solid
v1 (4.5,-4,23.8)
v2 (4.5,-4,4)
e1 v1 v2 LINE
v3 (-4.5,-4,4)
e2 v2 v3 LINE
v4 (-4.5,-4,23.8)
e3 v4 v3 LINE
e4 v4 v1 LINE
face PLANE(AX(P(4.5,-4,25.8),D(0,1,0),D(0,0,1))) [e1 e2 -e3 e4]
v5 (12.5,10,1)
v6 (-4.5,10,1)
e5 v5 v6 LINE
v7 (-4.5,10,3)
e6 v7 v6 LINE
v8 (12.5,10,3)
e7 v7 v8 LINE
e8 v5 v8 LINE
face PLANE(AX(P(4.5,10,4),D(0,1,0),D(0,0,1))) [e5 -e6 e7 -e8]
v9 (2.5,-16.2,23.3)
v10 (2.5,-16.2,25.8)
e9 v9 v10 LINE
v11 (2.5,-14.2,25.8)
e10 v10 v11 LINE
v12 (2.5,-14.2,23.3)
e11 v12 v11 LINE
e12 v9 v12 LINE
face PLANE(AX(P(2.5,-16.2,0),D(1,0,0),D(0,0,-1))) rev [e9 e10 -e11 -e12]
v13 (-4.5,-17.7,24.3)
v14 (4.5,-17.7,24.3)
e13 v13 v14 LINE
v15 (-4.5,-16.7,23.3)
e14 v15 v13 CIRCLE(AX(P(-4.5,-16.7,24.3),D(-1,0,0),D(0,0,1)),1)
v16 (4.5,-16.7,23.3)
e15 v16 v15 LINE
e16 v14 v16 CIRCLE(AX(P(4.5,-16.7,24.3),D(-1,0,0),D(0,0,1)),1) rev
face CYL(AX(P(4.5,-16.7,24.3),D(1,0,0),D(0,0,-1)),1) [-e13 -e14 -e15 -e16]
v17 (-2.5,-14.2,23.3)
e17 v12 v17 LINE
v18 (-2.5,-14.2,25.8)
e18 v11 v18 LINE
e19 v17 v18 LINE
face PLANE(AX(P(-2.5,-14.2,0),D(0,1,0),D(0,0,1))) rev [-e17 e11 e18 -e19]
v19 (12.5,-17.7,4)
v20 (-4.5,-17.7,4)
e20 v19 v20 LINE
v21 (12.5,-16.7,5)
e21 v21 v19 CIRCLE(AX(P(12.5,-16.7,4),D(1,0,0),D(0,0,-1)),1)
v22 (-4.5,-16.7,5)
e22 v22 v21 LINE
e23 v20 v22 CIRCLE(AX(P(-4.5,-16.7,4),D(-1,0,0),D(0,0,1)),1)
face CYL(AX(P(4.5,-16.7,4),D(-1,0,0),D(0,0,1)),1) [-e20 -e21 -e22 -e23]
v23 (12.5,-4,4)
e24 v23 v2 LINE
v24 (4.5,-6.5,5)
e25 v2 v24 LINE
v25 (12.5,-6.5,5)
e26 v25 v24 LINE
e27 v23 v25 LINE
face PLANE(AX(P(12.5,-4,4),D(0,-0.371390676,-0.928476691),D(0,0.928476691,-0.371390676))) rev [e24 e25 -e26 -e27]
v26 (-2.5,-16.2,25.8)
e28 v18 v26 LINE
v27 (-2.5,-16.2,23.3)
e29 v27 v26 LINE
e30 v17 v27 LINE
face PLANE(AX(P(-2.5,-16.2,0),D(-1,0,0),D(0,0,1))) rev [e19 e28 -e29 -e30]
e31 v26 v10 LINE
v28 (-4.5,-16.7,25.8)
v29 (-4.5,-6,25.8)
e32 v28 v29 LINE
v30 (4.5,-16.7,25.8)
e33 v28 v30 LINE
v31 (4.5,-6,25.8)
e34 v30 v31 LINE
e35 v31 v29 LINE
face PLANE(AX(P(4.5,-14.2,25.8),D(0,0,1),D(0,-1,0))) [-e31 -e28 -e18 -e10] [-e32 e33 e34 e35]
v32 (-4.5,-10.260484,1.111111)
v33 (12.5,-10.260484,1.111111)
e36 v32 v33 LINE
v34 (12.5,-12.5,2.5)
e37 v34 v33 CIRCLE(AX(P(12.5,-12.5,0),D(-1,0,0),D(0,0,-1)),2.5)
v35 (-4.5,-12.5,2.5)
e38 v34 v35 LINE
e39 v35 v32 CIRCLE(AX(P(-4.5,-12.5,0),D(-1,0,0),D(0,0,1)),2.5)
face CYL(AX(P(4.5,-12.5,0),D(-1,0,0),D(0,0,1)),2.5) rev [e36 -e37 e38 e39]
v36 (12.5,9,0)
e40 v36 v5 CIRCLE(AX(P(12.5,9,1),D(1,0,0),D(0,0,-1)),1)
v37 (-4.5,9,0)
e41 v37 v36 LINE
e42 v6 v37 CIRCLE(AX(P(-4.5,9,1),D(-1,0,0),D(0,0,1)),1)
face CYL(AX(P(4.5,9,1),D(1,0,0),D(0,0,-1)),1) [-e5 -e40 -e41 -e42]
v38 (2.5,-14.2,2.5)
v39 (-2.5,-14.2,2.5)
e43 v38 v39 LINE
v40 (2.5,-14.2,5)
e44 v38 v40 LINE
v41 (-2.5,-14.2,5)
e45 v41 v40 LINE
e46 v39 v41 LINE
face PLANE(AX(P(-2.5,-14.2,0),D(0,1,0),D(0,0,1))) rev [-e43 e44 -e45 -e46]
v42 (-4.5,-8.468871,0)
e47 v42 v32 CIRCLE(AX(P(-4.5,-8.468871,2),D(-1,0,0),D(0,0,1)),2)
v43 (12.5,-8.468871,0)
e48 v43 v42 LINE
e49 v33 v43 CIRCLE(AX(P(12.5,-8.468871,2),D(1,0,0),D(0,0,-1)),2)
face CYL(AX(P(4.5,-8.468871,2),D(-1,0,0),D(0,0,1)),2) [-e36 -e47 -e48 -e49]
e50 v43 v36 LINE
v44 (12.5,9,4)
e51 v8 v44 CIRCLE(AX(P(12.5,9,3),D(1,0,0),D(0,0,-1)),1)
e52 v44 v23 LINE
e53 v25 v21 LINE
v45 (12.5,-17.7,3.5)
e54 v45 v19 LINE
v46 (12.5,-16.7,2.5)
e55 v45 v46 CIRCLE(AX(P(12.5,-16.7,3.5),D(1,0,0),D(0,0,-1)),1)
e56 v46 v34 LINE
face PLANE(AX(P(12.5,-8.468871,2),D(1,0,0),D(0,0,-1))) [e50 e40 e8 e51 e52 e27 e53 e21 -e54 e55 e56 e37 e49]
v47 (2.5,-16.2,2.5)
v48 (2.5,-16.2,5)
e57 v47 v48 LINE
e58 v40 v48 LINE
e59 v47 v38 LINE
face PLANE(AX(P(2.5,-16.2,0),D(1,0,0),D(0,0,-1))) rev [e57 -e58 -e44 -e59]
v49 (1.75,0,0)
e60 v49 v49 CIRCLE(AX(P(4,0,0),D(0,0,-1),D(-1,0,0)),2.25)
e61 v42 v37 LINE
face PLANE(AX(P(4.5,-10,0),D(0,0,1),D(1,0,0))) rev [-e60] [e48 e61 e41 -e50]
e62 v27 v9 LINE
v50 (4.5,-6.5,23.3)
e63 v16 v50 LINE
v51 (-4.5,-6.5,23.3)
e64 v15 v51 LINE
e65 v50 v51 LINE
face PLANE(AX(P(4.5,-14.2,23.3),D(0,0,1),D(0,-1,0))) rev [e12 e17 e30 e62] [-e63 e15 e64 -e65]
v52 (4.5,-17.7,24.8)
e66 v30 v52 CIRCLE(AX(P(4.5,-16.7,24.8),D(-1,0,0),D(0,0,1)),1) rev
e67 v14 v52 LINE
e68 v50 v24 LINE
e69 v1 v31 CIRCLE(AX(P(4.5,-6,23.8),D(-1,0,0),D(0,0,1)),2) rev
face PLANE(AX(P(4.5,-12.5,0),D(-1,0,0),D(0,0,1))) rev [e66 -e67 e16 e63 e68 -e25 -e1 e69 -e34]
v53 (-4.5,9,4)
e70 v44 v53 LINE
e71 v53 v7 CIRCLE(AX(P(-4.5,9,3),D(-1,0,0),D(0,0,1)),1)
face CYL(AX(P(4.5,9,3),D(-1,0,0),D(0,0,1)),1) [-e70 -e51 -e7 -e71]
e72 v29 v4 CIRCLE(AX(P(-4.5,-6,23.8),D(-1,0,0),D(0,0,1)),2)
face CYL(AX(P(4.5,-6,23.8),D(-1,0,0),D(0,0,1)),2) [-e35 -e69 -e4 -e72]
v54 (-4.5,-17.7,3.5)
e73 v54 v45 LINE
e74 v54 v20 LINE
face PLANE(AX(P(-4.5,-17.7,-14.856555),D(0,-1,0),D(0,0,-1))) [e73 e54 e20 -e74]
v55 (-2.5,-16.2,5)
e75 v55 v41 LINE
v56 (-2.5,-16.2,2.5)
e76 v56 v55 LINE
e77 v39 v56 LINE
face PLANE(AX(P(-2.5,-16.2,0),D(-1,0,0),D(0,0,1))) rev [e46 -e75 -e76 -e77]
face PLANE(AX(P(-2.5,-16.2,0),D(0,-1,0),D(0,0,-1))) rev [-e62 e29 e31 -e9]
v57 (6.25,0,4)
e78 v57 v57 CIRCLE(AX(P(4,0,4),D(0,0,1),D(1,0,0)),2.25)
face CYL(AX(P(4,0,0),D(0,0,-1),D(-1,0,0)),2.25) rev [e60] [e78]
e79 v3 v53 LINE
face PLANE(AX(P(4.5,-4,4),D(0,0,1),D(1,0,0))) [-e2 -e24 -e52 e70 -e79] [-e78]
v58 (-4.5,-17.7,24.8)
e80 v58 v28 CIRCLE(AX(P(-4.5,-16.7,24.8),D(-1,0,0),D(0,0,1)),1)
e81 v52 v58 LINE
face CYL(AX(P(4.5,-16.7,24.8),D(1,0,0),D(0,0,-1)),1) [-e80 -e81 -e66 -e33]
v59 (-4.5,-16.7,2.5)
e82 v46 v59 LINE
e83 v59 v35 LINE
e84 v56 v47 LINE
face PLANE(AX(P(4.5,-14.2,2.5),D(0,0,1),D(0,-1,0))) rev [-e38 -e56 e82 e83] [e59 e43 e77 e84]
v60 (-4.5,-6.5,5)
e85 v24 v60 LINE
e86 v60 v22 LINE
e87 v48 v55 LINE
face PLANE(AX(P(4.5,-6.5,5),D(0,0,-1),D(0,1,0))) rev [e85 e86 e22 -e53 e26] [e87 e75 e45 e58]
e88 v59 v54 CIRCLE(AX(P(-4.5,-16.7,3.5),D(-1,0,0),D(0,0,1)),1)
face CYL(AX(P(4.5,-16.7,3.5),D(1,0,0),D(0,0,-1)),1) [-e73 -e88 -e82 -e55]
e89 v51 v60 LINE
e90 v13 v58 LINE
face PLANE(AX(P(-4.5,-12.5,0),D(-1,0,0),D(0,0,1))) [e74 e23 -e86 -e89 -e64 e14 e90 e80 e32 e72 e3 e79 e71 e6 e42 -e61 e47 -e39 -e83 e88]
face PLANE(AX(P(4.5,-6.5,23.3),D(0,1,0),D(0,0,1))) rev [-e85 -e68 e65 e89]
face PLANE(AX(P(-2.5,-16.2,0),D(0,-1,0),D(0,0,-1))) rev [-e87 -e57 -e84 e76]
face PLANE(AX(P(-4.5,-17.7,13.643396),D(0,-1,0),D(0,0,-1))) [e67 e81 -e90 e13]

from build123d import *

# Parameters (mm, degrees)
BOSS_EXTRUDE1_DEPTH      = 4.5
FILLET1_R                = 2
BOSS_EXTRUDE2_DEPTH      = 8
M4_CLEARANCE_HOLE1_D     = 4.5
M4_CLEARANCE_HOLE1_DEPTH = 12.4
M4_CLEARANCE_HOLE1_TIP   = 1.351936393
SKETCH9_W                = 9
SKETCH9_H                = 3.5
BOSS_EXTRUDE3_DEPTH      = 2.5
SKETCH10_W               = 17
SKETCH10_H               = 3.5
BOSS_EXTRUDE4_DEPTH      = 2.5
SKETCH11_W               = 5
SKETCH11_H               = 2
CUT_EXTRUDE1_DEPTH       = 26.8
FILLET2_R                = 1


with BuildPart() as part:
    # Sketch3 → Boss-Extrude1 (new body, symmetric)
    with BuildSketch(Plane(origin=(0, 0, 0), x_dir=(0, 0, -1), z_dir=(1, 0, 0))):
        with BuildLine():
            Line((-23.3, -14.200000018), (-23.3, -6.5))
            Line((-23.3, -6.5), (-5, -6.5))
            Line((-5, -6.5), (-5, -14.200000018))
            Line((-5, -14.200000018), (-2.5, -14.200000018))
            Line((-2.5, -14.200000018), (-2.5, -12.5))
            ThreePointArc((-2.5, -12.5), (-1.767766953, -10.732233047), (0, -10))
            Line((0, -10), (0, 10))
            Line((0, 10), (-4, 10))
            Line((-4, 10), (-4, -4))
            Line((-4, -4), (-25.8, -4))
            Line((-25.8, -4), (-25.8, -14.200000018))
            Line((-25.8, -14.200000018), (-23.3, -14.200000018))
        make_face()
    extrude(amount=BOSS_EXTRUDE1_DEPTH, both=True)

    # Fillet1
    fillet1_edges = [part.edges().sort_by_distance(p)[0] for p in [
        (0, -10, 0),
        (0, -4, 25.8),
    ]]
    fillet(fillet1_edges, radius=FILLET1_R)

    # Sketch8 → Boss-Extrude2 (add)
    with BuildSketch(Plane(origin=(4.5, 0, 0), x_dir=(0, 0, -1), z_dir=(1, 0, 0))):
        with BuildLine():
            Line((-4, -4), (-5, -6.5))
            Line((-5, -6.5), (-5, -14.200000018))
            Line((-5, -14.200000018), (-2.5, -14.200000018))
            Line((-2.5, -14.200000018), (-2.5, -12.5))
            ThreePointArc((-2.5, -12.5), (-2.124591464, -11.182384308), (-1.111111111, -10.260483959))
            ThreePointArc((-1.111111111, -10.260483959), (-0.300326829, -9.522963679), (0, -8.468871126))
            Line((0, -8.468871126), (0, 10))
            Line((0, 10), (-4, 10))
            Line((-4, 10), (-4, -4))
        make_face()
    extrude(amount=BOSS_EXTRUDE2_DEPTH)

    # M4 Clearance Hole1
    with Locations(Plane(origin=(0, 0, 0), x_dir=(1, 0, 0), z_dir=(0, 0, -1))):
        with Locations((4, 0)):
            Hole(M4_CLEARANCE_HOLE1_D / 2, depth=M4_CLEARANCE_HOLE1_DEPTH)
            with Locations((0, 0, -(M4_CLEARANCE_HOLE1_DEPTH + M4_CLEARANCE_HOLE1_TIP / 2))):  # 118° drill point
                Cone(0, M4_CLEARANCE_HOLE1_D / 2, M4_CLEARANCE_HOLE1_TIP, mode=Mode.SUBTRACT)

    # Sketch9 → Boss-Extrude3 (add)
    with BuildSketch(Plane.XY.offset(25.8)):
        with Locations((0, -15.950000018)):
            Rectangle(SKETCH9_W, SKETCH9_H)
    extrude(amount=-BOSS_EXTRUDE3_DEPTH)

    # Sketch10 → Boss-Extrude4 (add)
    with BuildSketch(Plane.XY.offset(5)):
        with Locations((4, -15.950000018)):
            Rectangle(SKETCH10_W, SKETCH10_H)
    extrude(amount=-BOSS_EXTRUDE4_DEPTH)

    # Sketch11 → Cut-Extrude1 (cut, through all)
    with BuildSketch(Plane.XY.offset(25.8)):
        with Locations((0, -15.200000018)):
            Rectangle(SKETCH11_W, SKETCH11_H)
    extrude(amount=-CUT_EXTRUDE1_DEPTH, mode=Mode.SUBTRACT)

    # Fillet2
    fillet2_edges = [part.edges().sort_by_distance(p)[0] for p in [
        (4, 10, 0),
        (4, 10, 4),
        (0, -17.700000018, 25.8),
        (0, -17.700000018, 23.3),
        (4, -17.700000018, 5),
        (4, -17.700000018, 2.5),
    ]]
    fillet(fillet2_edges, radius=FILLET2_R)


solid = part.part
